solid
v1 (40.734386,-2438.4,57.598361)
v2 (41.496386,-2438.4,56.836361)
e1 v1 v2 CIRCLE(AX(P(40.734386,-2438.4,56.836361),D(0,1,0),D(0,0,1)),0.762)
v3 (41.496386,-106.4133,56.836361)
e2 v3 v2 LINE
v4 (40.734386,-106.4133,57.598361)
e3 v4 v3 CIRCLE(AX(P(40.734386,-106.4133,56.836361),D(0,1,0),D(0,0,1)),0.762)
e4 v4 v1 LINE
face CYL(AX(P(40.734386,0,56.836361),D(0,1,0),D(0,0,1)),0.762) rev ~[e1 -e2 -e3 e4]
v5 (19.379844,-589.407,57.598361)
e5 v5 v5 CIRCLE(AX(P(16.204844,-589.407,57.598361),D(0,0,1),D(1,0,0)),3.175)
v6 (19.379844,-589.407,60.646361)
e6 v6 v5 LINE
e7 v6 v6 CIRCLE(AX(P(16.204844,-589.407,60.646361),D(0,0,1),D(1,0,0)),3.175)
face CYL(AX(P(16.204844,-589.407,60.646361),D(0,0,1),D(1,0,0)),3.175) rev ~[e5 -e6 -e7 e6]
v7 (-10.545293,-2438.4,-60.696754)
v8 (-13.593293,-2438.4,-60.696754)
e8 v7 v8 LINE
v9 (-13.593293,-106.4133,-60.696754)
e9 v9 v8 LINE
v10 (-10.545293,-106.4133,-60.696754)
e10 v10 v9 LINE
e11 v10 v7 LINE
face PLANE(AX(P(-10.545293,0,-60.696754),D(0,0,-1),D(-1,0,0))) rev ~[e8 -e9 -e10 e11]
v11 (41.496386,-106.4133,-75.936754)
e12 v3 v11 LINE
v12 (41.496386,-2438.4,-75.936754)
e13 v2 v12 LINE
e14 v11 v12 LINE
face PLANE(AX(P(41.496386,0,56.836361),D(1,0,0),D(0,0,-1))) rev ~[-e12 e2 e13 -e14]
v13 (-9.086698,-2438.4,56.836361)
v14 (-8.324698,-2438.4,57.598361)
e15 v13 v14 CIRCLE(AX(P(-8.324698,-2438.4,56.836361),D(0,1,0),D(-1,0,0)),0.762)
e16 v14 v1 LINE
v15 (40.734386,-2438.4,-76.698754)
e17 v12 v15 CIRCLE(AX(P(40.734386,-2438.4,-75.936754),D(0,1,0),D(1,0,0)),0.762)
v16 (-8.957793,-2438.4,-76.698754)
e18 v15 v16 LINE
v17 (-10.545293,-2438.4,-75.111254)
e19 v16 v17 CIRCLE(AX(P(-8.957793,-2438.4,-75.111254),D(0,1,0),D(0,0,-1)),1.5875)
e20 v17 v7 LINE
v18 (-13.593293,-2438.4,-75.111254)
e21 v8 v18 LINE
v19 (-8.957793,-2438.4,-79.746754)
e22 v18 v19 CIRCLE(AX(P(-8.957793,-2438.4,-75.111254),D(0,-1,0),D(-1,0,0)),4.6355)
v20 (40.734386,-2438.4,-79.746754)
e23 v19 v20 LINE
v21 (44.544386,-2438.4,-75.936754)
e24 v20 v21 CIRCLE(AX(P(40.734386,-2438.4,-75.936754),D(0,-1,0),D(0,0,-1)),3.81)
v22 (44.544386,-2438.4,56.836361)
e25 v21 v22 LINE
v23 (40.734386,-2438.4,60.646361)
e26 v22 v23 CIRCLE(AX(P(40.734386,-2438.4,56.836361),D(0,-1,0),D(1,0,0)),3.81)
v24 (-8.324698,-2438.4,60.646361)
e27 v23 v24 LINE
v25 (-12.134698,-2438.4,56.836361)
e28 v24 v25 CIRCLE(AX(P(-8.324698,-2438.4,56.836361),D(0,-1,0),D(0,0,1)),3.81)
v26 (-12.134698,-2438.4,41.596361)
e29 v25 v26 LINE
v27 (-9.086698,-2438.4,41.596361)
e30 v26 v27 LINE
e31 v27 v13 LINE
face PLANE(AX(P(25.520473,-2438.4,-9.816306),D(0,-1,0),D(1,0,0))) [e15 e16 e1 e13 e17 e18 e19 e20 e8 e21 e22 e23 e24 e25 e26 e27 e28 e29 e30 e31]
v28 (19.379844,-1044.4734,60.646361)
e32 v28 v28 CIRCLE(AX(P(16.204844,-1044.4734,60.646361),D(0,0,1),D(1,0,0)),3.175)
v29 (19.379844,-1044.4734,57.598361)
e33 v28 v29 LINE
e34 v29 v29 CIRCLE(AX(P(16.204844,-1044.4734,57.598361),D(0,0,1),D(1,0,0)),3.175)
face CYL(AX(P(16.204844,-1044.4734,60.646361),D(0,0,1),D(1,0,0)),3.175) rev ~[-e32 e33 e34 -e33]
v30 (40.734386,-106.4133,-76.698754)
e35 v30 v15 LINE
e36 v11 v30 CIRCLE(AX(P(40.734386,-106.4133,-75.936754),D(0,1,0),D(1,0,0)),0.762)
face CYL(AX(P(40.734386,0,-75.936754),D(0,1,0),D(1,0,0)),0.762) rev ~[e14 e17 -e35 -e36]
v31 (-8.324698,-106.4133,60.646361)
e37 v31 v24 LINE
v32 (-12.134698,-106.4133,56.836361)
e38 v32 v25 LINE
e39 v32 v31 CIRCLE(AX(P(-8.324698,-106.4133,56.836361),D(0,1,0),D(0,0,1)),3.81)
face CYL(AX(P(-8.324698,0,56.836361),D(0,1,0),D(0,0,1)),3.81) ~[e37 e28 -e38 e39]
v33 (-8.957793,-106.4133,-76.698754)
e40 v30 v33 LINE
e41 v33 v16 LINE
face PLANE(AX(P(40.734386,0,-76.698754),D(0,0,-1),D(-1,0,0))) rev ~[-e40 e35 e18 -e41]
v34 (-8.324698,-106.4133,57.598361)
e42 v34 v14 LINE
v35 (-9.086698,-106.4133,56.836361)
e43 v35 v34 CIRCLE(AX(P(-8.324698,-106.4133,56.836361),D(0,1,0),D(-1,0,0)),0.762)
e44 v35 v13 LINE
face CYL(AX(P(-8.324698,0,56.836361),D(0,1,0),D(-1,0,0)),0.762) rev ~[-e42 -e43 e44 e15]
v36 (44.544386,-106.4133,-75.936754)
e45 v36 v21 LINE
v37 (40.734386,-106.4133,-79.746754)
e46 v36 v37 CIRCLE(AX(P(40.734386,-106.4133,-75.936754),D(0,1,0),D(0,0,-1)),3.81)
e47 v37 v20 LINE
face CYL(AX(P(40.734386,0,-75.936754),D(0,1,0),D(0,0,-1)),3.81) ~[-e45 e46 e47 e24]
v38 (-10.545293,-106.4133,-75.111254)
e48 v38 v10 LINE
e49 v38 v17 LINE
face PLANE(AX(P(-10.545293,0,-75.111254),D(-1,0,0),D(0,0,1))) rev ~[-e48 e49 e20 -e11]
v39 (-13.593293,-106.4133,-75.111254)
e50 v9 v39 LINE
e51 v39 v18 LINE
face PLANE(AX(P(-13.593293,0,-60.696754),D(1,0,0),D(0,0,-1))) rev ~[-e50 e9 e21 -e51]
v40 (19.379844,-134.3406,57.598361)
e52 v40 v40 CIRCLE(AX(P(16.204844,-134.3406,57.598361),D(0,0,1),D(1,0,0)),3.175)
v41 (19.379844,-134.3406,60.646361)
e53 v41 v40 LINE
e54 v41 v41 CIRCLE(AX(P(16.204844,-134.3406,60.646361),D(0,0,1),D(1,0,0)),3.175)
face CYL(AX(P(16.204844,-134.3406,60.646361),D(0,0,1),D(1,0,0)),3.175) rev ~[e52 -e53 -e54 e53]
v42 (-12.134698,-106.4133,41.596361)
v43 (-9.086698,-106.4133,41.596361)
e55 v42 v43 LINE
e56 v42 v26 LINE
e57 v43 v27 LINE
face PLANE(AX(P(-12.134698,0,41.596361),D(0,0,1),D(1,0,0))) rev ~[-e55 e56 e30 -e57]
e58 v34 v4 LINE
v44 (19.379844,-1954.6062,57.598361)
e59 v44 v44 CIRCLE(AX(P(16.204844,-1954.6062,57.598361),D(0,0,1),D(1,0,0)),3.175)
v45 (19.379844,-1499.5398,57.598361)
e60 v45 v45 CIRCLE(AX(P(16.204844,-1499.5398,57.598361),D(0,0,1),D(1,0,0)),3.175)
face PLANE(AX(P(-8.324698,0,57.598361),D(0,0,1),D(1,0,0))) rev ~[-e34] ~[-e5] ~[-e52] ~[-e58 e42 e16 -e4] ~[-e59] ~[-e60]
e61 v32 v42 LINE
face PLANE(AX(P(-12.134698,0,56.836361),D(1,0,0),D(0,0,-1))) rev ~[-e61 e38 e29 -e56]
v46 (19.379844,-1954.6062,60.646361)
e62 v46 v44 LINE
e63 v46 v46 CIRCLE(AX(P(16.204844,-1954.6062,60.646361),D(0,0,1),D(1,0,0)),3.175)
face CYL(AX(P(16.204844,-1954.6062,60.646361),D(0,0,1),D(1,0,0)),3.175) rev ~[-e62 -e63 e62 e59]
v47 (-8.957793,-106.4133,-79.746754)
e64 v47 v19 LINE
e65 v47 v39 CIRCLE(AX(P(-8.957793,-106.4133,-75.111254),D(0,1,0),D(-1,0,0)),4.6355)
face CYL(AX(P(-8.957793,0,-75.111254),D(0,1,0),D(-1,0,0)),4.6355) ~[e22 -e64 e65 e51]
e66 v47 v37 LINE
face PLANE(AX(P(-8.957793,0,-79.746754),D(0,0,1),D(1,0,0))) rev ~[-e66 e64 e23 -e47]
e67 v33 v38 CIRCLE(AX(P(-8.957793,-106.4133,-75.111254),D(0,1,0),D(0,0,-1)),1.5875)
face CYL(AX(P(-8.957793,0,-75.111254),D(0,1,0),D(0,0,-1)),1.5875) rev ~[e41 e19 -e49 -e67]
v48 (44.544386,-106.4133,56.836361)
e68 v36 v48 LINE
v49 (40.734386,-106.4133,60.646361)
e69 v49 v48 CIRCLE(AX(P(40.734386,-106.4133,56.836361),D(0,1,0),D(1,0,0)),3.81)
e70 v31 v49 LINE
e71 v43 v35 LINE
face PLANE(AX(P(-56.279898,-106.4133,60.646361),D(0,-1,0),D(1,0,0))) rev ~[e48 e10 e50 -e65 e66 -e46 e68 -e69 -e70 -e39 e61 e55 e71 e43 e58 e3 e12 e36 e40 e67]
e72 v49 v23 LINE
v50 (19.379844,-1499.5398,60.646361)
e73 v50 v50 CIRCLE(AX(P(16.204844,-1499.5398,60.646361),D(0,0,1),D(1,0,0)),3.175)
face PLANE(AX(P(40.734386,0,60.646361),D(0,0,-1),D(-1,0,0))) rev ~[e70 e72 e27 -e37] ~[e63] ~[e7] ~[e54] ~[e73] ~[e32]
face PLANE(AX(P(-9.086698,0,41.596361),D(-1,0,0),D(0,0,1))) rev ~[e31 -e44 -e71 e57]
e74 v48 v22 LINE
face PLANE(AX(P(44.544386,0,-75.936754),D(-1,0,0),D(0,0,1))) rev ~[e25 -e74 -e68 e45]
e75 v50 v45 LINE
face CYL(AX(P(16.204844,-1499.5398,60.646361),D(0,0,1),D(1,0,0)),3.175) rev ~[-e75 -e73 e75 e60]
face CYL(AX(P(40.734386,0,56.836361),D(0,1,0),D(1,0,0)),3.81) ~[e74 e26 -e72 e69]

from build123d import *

# Parameters (mm, degrees)
F1_DEPTH = 2438.4
F2_W     = 49.059084
F2_H     = 106.4133
F3_DEPTH = 140.3941152
F4_R     = 3.175
F5_DEPTH = 3.302


with BuildPart() as f1:
    # F0 (on Front) → F1 (new body)
    with BuildSketch(Plane.XZ):
        with BuildLine():
            Line((-10.5452926, -75.1112544), (-10.5452926, -60.6967544))
            Line((-10.5452926, -60.6967544), (-13.5932926, -60.6967544))
            Line((-13.5932926, -60.6967544), (-13.5932926, -75.1112544))
            ThreePointArc((-13.5932926, -75.1112544), (-12.2355860842, -78.3890478842), (-8.9577926, -79.7467544))
            Line((-8.9577926, -79.7467544), (40.7343864, -79.7467544))
            ThreePointArc((40.7343864, -79.7467544), (43.4284632363, -78.6308312363), (44.5443864, -75.9367544))
            Line((44.5443864, -75.9367544), (44.5443864, 56.8363608))
            ThreePointArc((44.5443864, 56.8363608), (43.4284632363, 59.5304376363), (40.7343864, 60.6463608))
            Line((40.7343864, 60.6463608), (-8.3246976, 60.6463608))
            ThreePointArc((-8.3246976, 60.6463608), (-11.0187744363, 59.5304376363), (-12.1346976, 56.8363608))
            Line((-12.1346976, 56.8363608), (-12.1346976, 41.5963608))
            Line((-12.1346976, 41.5963608), (-9.0866976, 41.5963608))
            Line((-9.0866976, 41.5963608), (-9.0866976, 56.8363608))
            ThreePointArc((-9.0866976, 56.8363608), (-8.8635129673, 57.3751761673), (-8.3246976, 57.5983608))
            Line((-8.3246976, 57.5983608), (40.7343864, 57.5983608))
            ThreePointArc((40.7343864, 57.5983608), (41.2732017673, 57.3751761673), (41.4963864, 56.8363608))
            Line((41.4963864, 56.8363608), (41.4963864, -75.9367544))
            ThreePointArc((41.4963864, -75.9367544), (41.2732017673, -76.4755697673), (40.7343864, -76.6987544))
            Line((40.7343864, -76.6987544), (-8.9577926, -76.6987544))
            ThreePointArc((-8.9577926, -76.6987544), (-10.0803246151, -76.2337864151), (-10.5452926, -75.1112544))
        make_face()
    extrude(amount=F1_DEPTH)

    # F2 (on face) → F3 (cut, through all)
    with BuildSketch(Plane.XY.offset(60.6463608)):
        Polygon((-56.2798976, -106.4133), (-8.3246976, -106.4133), (-8.3246976, 0), (40.7343864, 0), (40.7343864, -106.4133), (92.9059864, -106.4133), (92.9059864, 23.1394), (-56.2798976, 23.1394), align=None)
        with Locations((16.2048444, -53.20665)):
            Rectangle(F2_W, F2_H)
    extrude(amount=-F3_DEPTH, mode=Mode.SUBTRACT)

    # F4 (on face) → F5 (cut)
    with BuildSketch(Plane.XY.offset(60.6463608)):
        with Locations((16.2048444, -134.3406)):
            Circle(F4_R)
        with Locations((16.2048444, -589.407)):
            Circle(F4_R)
        with Locations((16.2048444, -1044.4734)):
            Circle(F4_R)
        with Locations((16.2048444, -1499.5398)):
            Circle(F4_R)
        with Locations((16.2048444, -1954.6062)):
            Circle(F4_R)
    extrude(amount=-F5_DEPTH, mode=Mode.SUBTRACT)


solid = f1.part
